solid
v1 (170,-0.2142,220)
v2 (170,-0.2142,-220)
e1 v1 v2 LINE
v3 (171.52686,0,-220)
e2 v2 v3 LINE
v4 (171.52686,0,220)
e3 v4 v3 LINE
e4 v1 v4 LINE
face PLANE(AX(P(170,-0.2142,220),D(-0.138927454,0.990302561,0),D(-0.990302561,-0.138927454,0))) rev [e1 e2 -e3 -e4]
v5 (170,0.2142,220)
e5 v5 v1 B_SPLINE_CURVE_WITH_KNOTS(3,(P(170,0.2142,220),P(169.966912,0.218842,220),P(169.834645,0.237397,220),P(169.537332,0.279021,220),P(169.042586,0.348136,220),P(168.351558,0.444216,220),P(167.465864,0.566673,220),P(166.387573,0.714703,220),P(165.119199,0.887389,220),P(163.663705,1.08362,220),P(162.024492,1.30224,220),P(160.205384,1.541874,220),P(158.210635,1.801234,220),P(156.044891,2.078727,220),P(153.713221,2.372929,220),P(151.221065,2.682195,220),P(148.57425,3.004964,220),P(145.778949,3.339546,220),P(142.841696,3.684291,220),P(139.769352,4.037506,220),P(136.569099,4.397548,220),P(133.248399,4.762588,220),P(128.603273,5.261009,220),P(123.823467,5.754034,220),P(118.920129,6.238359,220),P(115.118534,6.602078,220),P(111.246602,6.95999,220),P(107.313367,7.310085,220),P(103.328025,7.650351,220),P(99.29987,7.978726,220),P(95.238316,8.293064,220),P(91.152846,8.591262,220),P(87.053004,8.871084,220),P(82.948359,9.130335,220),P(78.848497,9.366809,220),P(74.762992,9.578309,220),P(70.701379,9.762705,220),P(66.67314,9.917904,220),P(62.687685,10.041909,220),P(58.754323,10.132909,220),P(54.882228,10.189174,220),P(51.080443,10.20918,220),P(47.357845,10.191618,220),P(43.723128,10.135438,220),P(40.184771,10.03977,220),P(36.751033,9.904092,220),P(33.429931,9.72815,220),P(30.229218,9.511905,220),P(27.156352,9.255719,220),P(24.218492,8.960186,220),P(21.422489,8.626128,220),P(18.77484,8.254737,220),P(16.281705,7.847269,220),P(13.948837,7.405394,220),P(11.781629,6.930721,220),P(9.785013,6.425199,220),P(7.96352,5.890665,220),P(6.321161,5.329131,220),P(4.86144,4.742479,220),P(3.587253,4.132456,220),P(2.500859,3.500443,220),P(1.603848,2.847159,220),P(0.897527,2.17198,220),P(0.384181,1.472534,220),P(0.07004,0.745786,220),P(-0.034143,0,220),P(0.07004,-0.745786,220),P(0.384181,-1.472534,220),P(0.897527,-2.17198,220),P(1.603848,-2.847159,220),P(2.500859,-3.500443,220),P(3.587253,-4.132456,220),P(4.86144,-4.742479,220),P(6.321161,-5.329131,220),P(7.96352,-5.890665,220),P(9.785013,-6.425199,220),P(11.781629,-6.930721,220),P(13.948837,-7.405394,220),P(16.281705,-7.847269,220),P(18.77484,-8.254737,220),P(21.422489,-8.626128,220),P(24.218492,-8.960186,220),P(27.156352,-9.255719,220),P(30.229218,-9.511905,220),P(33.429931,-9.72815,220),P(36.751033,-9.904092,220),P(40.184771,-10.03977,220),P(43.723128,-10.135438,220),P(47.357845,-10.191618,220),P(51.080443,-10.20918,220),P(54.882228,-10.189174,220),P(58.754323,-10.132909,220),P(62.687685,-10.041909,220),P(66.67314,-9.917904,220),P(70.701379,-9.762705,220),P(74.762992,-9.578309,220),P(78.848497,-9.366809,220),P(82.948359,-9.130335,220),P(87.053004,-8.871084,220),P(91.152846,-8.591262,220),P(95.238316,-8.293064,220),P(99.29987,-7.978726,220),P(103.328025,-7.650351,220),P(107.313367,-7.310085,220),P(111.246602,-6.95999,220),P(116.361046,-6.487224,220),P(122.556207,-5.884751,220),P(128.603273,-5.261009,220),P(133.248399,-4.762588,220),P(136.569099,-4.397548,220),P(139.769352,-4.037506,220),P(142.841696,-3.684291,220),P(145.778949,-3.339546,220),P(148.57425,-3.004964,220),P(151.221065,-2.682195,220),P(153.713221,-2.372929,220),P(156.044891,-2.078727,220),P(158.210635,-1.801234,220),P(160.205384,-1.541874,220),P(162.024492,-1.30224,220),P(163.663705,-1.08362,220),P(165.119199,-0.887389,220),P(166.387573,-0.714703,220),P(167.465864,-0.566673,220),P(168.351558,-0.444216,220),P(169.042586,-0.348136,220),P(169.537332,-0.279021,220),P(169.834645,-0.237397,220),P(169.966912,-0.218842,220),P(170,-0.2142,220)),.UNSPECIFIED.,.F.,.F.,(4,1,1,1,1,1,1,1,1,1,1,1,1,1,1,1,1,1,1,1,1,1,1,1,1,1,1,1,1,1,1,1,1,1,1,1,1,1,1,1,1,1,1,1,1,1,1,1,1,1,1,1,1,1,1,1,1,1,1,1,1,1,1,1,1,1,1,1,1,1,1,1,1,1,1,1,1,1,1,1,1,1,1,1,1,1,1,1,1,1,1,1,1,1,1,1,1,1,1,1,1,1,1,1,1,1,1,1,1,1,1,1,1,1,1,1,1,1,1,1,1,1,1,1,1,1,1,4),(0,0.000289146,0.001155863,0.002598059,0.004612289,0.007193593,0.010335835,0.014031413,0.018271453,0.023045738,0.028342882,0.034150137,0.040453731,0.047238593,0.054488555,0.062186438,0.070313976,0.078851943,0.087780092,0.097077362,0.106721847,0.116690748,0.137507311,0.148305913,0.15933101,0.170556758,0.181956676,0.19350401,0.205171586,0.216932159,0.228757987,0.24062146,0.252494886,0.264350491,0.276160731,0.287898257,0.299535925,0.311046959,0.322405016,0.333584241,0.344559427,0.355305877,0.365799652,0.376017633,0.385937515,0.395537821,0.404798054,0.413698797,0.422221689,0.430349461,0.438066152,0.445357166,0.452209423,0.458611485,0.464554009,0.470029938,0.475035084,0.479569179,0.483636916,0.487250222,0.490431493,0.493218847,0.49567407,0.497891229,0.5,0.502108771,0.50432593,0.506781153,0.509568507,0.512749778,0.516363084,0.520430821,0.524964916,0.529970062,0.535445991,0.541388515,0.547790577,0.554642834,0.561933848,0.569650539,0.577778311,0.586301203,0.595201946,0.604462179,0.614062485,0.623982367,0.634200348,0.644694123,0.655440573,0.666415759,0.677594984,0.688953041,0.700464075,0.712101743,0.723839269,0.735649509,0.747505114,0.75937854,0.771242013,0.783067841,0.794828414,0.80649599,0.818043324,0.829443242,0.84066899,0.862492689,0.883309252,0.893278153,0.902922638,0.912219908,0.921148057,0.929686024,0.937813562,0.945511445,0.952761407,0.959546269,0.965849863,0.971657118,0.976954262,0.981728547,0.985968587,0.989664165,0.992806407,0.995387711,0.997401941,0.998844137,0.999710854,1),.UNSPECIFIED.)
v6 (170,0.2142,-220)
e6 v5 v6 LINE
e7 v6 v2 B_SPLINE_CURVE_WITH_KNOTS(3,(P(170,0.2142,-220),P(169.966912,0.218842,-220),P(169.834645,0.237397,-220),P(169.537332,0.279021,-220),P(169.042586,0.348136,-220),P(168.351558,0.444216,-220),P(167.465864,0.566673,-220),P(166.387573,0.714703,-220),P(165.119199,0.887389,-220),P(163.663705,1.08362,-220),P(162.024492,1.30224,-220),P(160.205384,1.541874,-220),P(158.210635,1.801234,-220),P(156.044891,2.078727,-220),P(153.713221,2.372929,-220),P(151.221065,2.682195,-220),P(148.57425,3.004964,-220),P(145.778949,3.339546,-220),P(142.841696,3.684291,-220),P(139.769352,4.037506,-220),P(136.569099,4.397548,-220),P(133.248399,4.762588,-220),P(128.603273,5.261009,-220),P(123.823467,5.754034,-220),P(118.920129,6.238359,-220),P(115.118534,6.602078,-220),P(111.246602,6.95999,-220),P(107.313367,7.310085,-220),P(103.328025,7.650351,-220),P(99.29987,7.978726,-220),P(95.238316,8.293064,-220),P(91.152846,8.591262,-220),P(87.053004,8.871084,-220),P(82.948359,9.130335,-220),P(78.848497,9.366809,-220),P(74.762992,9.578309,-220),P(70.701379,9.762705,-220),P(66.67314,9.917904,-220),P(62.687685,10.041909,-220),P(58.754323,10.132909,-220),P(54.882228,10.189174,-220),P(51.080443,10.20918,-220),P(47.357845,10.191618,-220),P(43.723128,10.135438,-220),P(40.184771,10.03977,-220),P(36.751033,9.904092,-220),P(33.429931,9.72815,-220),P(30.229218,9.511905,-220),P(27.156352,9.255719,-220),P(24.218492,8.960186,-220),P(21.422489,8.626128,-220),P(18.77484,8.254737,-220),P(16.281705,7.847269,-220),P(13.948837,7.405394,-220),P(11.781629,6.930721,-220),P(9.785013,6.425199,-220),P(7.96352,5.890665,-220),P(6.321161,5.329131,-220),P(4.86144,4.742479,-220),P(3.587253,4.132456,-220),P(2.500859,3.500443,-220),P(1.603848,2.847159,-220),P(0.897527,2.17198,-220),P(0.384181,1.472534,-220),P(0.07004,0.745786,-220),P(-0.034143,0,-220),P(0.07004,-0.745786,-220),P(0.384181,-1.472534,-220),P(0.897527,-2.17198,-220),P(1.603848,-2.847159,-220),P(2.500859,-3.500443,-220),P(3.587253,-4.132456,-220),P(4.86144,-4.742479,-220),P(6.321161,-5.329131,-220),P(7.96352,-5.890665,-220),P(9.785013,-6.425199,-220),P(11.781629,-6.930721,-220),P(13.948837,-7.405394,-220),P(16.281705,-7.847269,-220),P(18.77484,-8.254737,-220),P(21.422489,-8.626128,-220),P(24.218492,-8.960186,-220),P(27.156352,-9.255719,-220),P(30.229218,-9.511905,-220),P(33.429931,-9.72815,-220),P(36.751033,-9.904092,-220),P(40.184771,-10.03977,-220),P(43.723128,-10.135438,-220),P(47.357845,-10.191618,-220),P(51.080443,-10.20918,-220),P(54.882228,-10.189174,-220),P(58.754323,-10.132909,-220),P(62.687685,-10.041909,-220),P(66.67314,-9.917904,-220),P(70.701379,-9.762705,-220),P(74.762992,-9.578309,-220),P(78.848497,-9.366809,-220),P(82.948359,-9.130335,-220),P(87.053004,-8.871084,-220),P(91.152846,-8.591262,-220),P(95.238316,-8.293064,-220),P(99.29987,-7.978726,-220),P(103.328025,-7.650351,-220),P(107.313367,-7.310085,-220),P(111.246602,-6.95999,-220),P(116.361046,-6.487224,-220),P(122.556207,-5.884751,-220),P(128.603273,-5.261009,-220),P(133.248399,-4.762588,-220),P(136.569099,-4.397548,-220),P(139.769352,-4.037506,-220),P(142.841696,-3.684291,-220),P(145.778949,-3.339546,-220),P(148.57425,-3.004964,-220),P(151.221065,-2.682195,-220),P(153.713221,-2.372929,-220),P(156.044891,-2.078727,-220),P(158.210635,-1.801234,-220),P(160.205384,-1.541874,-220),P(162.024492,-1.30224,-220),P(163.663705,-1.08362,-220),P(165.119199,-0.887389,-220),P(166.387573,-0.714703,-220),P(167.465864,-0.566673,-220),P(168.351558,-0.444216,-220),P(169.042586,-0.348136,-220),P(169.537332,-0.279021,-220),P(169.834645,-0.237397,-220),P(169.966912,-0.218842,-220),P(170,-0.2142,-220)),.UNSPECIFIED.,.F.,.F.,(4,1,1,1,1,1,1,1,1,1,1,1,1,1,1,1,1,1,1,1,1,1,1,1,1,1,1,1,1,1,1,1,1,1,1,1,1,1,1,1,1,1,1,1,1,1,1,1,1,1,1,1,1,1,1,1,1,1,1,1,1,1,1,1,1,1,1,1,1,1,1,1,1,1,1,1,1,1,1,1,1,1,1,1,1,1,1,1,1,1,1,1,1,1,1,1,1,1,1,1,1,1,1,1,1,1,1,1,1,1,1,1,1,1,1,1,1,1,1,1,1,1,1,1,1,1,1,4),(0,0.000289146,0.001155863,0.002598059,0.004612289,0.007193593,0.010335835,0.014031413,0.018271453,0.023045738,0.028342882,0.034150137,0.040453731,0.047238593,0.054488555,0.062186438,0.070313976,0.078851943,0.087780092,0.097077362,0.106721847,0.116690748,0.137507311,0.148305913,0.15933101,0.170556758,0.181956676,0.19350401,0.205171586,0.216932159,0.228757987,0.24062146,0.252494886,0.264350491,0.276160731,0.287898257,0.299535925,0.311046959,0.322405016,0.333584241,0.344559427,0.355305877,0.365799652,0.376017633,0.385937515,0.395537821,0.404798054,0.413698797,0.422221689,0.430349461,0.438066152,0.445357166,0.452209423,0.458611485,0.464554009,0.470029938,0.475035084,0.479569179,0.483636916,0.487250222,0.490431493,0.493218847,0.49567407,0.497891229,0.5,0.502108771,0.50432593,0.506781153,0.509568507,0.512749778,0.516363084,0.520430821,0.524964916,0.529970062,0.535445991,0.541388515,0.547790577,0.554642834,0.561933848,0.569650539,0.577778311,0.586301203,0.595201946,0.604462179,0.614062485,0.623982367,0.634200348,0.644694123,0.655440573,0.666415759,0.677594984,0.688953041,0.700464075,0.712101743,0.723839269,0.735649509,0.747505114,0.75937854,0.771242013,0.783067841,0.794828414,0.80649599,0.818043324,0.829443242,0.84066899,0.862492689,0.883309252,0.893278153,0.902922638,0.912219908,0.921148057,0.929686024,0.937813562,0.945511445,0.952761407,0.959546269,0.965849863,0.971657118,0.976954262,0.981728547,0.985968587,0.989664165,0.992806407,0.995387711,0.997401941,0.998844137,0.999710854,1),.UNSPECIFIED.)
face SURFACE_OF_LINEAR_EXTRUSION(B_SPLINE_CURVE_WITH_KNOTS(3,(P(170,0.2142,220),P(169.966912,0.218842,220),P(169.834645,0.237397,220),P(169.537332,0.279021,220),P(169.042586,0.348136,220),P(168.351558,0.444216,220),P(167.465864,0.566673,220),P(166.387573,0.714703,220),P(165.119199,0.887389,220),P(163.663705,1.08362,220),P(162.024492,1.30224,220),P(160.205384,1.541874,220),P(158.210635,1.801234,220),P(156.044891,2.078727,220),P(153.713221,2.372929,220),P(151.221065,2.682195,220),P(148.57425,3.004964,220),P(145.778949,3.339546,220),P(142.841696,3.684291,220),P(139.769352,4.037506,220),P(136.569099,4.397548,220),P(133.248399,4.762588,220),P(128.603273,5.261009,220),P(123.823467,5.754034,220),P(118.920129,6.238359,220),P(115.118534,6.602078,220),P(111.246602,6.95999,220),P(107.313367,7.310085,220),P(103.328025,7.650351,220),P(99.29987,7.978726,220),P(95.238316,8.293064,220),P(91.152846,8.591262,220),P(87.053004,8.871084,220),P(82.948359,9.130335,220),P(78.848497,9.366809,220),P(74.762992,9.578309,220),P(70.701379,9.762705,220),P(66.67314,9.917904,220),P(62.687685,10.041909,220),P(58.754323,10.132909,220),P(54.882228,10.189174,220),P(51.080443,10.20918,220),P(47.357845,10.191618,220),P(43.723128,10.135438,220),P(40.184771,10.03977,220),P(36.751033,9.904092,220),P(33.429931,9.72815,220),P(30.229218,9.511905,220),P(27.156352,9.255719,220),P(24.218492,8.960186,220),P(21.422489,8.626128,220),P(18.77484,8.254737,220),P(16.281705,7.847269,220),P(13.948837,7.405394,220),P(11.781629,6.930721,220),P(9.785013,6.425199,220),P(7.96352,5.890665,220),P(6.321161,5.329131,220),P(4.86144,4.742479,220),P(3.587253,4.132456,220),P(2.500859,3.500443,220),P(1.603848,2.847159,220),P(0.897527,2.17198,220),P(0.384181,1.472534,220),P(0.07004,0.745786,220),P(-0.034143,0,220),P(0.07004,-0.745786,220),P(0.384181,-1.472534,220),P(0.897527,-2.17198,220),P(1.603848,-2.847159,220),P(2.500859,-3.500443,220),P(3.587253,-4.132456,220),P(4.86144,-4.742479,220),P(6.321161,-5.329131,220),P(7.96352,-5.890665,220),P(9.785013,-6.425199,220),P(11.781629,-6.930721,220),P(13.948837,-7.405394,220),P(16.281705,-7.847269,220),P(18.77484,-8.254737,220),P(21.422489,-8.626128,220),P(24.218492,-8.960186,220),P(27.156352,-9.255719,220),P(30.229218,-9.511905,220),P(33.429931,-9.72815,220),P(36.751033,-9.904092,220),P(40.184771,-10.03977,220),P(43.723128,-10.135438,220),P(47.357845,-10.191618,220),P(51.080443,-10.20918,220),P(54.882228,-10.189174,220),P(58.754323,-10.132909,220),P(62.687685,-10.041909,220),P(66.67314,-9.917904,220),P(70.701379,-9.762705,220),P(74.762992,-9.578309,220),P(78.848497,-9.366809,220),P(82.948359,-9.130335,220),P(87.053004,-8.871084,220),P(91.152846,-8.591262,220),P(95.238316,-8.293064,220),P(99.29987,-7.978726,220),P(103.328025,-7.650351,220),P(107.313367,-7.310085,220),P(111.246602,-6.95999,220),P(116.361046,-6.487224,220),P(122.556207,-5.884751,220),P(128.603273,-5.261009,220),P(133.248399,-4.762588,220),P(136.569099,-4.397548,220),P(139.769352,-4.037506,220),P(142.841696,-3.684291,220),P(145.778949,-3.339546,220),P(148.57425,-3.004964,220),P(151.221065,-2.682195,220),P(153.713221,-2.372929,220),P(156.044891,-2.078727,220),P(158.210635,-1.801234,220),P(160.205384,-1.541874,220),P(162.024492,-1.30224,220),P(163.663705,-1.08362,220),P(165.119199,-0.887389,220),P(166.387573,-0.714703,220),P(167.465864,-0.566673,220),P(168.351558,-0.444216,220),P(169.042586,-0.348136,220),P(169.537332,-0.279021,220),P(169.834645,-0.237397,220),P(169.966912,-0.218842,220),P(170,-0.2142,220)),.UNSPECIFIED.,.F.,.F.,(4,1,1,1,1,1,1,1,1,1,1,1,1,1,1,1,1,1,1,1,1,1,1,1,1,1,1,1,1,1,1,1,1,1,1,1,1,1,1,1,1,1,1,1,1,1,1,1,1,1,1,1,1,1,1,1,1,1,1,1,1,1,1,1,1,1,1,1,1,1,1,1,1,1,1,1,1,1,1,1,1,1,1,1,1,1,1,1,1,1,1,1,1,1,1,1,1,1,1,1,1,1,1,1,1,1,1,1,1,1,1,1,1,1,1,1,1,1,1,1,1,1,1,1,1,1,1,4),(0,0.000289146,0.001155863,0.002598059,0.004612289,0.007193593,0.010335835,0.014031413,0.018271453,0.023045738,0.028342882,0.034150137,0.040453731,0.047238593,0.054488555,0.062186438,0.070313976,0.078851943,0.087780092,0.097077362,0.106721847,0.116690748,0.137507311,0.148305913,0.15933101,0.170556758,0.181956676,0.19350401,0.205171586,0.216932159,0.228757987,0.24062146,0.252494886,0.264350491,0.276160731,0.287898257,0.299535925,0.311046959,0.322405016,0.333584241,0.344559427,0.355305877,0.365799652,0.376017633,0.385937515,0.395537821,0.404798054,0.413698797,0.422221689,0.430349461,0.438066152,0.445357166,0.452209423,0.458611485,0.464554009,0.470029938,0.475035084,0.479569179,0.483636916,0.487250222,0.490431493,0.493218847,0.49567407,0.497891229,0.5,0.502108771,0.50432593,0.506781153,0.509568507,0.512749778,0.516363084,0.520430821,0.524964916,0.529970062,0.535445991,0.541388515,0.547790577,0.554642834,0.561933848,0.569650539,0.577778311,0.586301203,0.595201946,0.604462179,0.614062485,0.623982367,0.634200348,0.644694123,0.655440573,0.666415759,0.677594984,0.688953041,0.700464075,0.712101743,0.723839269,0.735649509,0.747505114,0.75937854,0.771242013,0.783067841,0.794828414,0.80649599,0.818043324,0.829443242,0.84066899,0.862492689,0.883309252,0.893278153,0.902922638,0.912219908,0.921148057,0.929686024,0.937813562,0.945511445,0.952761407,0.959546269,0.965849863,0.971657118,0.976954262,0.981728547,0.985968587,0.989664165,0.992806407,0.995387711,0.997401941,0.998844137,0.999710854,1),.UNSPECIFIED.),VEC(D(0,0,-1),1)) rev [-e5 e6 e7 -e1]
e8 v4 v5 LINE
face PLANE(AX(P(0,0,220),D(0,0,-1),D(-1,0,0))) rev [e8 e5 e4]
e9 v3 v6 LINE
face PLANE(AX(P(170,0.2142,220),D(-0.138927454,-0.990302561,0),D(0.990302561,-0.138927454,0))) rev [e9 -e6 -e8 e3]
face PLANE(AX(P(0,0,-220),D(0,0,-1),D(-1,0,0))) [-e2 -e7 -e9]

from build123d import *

# Parameters (mm, degrees)
BOSS_EXTRUDE1_DEPTH = 220


with BuildPart() as part:
    # Sketch1 → Boss-Extrude1 (new body, symmetric)
    with BuildSketch(Plane.XY):
        with BuildLine():
            Line((170, 0.2142), (171.526860264, 0))
            Line((171.526860264, 0), (170, -0.2142))
            add(Edge.make_bspline(
                [(170, 0.2142), (169.966912443, 0.218841783), (169.834644693, 0.237397347), (169.537331795, 0.279020665), (169.042585832, 0.348135674), (168.351558182, 0.444216313), (167.465863607, 0.566673358), (166.387572959, 0.714703343), (165.119198798, 0.887388895), (163.663704997, 1.083620123), (162.024491695, 1.302240346), (160.205384018, 1.541874109), (158.210635248, 1.801234189), (156.044891082, 2.078726966), (153.713220647, 2.372929467), (151.221064664, 2.68219487), (148.574250468, 3.004964361), (145.778948667, 3.339545929), (142.841695728, 3.68429103), (139.769352063, 4.037505882), (136.569099282, 4.397547939), (133.248399008, 4.762587708), (128.603273013, 5.261008627), (123.823466764, 5.75403377), (118.920129266, 6.238359408), (115.118534428, 6.602078324), (111.246602437, 6.959989686), (107.31336672, 7.310084978), (103.328024817, 7.650351054), (99.299869798, 7.978725616), (95.238315945, 8.293063594), (91.152846311, 8.591261597), (87.053003855, 8.871084403), (82.948358769, 9.130334997), (78.848496902, 9.366808942), (74.762991866, 9.57830934), (70.701378826, 9.762705464), (66.673140242, 9.917904381), (62.687685268, 10.041909396), (58.75432258, 10.132909314), (54.882228231, 10.189174322), (51.080443438, 10.209179867), (47.357845079, 10.191617694), (43.723127646, 10.135437631), (40.184771238, 10.039769994), (36.751033364, 9.904092016), (33.429930956, 9.728150057), (30.229218361, 9.511904807), (27.156351985, 9.255719335), (24.218491951, 8.960186235), (21.42248875, 8.626127825), (18.774840358, 8.254737362), (16.281705052, 7.84726864), (13.948836888, 7.405393904), (11.781628799, 6.930720867), (9.785012542, 6.425199486), (7.963520319, 5.890664946), (6.321160915, 5.329131112), (4.861439729, 4.742479239), (3.587252676, 4.132455505), (2.500858912, 3.500442704), (1.603848389, 2.847158922), (0.897527199, 2.171979974), (0.384180689, 1.472534355), (0.070040458, 0.745786292), (-0.034142784, 0), (0.070040458, -0.745786292), (0.384180689, -1.472534355), (0.897527199, -2.171979974), (1.603848389, -2.847158922), (2.500858912, -3.500442704), (3.587252676, -4.132455505), (4.861439729, -4.742479239), (6.321160915, -5.329131112), (7.963520319, -5.890664946), (9.785012542, -6.425199486), (11.781628799, -6.930720867), (13.948836888, -7.405393904), (16.281705052, -7.84726864), (18.774840358, -8.254737362), (21.42248875, -8.626127825), (24.218491951, -8.960186235), (27.156351985, -9.255719335), (30.229218361, -9.511904807), (33.429930956, -9.728150057), (36.751033364, -9.904092016), (40.184771238, -10.039769994), (43.723127646, -10.135437631), (47.357845079, -10.191617694), (51.080443438, -10.209179867), (54.882228231, -10.189174322), (58.75432258, -10.132909314), (62.687685268, -10.041909396), (66.673140242, -9.917904381), (70.701378826, -9.762705464), (74.762991866, -9.57830934), (78.848496902, -9.366808942), (82.948358769, -9.130334997), (87.053003855, -8.871084403), (91.152846311, -8.591261597), (95.238315945, -8.293063594), (99.299869798, -7.978725616), (103.328024817, -7.650351054), (107.31336672, -7.310084978), (111.246602437, -6.959989686), (116.361045787, -6.487223793), (122.556207078, -5.88475081), (128.603273013, -5.261008627), (133.248399008, -4.762587708), (136.569099282, -4.397547939), (139.769352063, -4.037505882), (142.841695728, -3.68429103), (145.778948667, -3.339545929), (148.574250468, -3.004964361), (151.221064664, -2.68219487), (153.713220647, -2.372929467), (156.044891082, -2.078726966), (158.210635248, -1.801234189), (160.205384018, -1.541874109), (162.024491695, -1.302240346), (163.663704997, -1.083620123), (165.119198798, -0.887388895), (166.387572959, -0.714703343), (167.465863607, -0.566673358), (168.351558182, -0.444216313), (169.042585832, -0.348135674), (169.537331795, -0.279020665), (169.834644693, -0.237397347), (169.966912443, -0.218841783), (170, -0.2142)],
                knots=[0, 0, 0, 0, 0.000289146, 0.001155863, 0.002598059, 0.004612289, 0.007193593, 0.010335835, 0.014031413, 0.018271453, 0.023045738, 0.028342882, 0.034150137, 0.040453731, 0.047238593, 0.054488555, 0.062186438, 0.070313976, 0.078851943, 0.087780092, 0.097077362, 0.106721847, 0.116690748, 0.137507311, 0.148305913, 0.15933101, 0.170556758, 0.181956676, 0.19350401, 0.205171586, 0.216932159, 0.228757987, 0.24062146, 0.252494886, 0.264350491, 0.276160731, 0.287898257, 0.299535925, 0.311046959, 0.322405016, 0.333584241, 0.344559427, 0.355305877, 0.365799652, 0.376017633, 0.385937515, 0.395537821, 0.404798054, 0.413698797, 0.422221689, 0.430349461, 0.438066152, 0.445357166, 0.452209423, 0.458611485, 0.464554009, 0.470029938, 0.475035084, 0.479569179, 0.483636916, 0.487250222, 0.490431493, 0.493218847, 0.49567407, 0.497891229, 0.5, 0.502108771, 0.50432593, 0.506781153, 0.509568507, 0.512749778, 0.516363084, 0.520430821, 0.524964916, 0.529970062, 0.535445991, 0.541388515, 0.547790577, 0.554642834, 0.561933848, 0.569650539, 0.577778311, 0.586301203, 0.595201946, 0.604462179, 0.614062485, 0.623982367, 0.634200348, 0.644694123, 0.655440573, 0.666415759, 0.677594984, 0.688953041, 0.700464075, 0.712101743, 0.723839269, 0.735649509, 0.747505114, 0.75937854, 0.771242013, 0.783067841, 0.794828414, 0.80649599, 0.818043324, 0.829443242, 0.84066899, 0.862492689, 0.883309252, 0.893278153, 0.902922638, 0.912219908, 0.921148057, 0.929686024, 0.937813562, 0.945511445, 0.952761407, 0.959546269, 0.965849863, 0.971657118, 0.976954262, 0.981728547, 0.985968587, 0.989664165, 0.992806407, 0.995387711, 0.997401941, 0.998844137, 0.999710854, 1, 1, 1, 1], degree=3))
        make_face()
    extrude(amount=BOSS_EXTRUDE1_DEPTH, both=True)


solid = part.part
